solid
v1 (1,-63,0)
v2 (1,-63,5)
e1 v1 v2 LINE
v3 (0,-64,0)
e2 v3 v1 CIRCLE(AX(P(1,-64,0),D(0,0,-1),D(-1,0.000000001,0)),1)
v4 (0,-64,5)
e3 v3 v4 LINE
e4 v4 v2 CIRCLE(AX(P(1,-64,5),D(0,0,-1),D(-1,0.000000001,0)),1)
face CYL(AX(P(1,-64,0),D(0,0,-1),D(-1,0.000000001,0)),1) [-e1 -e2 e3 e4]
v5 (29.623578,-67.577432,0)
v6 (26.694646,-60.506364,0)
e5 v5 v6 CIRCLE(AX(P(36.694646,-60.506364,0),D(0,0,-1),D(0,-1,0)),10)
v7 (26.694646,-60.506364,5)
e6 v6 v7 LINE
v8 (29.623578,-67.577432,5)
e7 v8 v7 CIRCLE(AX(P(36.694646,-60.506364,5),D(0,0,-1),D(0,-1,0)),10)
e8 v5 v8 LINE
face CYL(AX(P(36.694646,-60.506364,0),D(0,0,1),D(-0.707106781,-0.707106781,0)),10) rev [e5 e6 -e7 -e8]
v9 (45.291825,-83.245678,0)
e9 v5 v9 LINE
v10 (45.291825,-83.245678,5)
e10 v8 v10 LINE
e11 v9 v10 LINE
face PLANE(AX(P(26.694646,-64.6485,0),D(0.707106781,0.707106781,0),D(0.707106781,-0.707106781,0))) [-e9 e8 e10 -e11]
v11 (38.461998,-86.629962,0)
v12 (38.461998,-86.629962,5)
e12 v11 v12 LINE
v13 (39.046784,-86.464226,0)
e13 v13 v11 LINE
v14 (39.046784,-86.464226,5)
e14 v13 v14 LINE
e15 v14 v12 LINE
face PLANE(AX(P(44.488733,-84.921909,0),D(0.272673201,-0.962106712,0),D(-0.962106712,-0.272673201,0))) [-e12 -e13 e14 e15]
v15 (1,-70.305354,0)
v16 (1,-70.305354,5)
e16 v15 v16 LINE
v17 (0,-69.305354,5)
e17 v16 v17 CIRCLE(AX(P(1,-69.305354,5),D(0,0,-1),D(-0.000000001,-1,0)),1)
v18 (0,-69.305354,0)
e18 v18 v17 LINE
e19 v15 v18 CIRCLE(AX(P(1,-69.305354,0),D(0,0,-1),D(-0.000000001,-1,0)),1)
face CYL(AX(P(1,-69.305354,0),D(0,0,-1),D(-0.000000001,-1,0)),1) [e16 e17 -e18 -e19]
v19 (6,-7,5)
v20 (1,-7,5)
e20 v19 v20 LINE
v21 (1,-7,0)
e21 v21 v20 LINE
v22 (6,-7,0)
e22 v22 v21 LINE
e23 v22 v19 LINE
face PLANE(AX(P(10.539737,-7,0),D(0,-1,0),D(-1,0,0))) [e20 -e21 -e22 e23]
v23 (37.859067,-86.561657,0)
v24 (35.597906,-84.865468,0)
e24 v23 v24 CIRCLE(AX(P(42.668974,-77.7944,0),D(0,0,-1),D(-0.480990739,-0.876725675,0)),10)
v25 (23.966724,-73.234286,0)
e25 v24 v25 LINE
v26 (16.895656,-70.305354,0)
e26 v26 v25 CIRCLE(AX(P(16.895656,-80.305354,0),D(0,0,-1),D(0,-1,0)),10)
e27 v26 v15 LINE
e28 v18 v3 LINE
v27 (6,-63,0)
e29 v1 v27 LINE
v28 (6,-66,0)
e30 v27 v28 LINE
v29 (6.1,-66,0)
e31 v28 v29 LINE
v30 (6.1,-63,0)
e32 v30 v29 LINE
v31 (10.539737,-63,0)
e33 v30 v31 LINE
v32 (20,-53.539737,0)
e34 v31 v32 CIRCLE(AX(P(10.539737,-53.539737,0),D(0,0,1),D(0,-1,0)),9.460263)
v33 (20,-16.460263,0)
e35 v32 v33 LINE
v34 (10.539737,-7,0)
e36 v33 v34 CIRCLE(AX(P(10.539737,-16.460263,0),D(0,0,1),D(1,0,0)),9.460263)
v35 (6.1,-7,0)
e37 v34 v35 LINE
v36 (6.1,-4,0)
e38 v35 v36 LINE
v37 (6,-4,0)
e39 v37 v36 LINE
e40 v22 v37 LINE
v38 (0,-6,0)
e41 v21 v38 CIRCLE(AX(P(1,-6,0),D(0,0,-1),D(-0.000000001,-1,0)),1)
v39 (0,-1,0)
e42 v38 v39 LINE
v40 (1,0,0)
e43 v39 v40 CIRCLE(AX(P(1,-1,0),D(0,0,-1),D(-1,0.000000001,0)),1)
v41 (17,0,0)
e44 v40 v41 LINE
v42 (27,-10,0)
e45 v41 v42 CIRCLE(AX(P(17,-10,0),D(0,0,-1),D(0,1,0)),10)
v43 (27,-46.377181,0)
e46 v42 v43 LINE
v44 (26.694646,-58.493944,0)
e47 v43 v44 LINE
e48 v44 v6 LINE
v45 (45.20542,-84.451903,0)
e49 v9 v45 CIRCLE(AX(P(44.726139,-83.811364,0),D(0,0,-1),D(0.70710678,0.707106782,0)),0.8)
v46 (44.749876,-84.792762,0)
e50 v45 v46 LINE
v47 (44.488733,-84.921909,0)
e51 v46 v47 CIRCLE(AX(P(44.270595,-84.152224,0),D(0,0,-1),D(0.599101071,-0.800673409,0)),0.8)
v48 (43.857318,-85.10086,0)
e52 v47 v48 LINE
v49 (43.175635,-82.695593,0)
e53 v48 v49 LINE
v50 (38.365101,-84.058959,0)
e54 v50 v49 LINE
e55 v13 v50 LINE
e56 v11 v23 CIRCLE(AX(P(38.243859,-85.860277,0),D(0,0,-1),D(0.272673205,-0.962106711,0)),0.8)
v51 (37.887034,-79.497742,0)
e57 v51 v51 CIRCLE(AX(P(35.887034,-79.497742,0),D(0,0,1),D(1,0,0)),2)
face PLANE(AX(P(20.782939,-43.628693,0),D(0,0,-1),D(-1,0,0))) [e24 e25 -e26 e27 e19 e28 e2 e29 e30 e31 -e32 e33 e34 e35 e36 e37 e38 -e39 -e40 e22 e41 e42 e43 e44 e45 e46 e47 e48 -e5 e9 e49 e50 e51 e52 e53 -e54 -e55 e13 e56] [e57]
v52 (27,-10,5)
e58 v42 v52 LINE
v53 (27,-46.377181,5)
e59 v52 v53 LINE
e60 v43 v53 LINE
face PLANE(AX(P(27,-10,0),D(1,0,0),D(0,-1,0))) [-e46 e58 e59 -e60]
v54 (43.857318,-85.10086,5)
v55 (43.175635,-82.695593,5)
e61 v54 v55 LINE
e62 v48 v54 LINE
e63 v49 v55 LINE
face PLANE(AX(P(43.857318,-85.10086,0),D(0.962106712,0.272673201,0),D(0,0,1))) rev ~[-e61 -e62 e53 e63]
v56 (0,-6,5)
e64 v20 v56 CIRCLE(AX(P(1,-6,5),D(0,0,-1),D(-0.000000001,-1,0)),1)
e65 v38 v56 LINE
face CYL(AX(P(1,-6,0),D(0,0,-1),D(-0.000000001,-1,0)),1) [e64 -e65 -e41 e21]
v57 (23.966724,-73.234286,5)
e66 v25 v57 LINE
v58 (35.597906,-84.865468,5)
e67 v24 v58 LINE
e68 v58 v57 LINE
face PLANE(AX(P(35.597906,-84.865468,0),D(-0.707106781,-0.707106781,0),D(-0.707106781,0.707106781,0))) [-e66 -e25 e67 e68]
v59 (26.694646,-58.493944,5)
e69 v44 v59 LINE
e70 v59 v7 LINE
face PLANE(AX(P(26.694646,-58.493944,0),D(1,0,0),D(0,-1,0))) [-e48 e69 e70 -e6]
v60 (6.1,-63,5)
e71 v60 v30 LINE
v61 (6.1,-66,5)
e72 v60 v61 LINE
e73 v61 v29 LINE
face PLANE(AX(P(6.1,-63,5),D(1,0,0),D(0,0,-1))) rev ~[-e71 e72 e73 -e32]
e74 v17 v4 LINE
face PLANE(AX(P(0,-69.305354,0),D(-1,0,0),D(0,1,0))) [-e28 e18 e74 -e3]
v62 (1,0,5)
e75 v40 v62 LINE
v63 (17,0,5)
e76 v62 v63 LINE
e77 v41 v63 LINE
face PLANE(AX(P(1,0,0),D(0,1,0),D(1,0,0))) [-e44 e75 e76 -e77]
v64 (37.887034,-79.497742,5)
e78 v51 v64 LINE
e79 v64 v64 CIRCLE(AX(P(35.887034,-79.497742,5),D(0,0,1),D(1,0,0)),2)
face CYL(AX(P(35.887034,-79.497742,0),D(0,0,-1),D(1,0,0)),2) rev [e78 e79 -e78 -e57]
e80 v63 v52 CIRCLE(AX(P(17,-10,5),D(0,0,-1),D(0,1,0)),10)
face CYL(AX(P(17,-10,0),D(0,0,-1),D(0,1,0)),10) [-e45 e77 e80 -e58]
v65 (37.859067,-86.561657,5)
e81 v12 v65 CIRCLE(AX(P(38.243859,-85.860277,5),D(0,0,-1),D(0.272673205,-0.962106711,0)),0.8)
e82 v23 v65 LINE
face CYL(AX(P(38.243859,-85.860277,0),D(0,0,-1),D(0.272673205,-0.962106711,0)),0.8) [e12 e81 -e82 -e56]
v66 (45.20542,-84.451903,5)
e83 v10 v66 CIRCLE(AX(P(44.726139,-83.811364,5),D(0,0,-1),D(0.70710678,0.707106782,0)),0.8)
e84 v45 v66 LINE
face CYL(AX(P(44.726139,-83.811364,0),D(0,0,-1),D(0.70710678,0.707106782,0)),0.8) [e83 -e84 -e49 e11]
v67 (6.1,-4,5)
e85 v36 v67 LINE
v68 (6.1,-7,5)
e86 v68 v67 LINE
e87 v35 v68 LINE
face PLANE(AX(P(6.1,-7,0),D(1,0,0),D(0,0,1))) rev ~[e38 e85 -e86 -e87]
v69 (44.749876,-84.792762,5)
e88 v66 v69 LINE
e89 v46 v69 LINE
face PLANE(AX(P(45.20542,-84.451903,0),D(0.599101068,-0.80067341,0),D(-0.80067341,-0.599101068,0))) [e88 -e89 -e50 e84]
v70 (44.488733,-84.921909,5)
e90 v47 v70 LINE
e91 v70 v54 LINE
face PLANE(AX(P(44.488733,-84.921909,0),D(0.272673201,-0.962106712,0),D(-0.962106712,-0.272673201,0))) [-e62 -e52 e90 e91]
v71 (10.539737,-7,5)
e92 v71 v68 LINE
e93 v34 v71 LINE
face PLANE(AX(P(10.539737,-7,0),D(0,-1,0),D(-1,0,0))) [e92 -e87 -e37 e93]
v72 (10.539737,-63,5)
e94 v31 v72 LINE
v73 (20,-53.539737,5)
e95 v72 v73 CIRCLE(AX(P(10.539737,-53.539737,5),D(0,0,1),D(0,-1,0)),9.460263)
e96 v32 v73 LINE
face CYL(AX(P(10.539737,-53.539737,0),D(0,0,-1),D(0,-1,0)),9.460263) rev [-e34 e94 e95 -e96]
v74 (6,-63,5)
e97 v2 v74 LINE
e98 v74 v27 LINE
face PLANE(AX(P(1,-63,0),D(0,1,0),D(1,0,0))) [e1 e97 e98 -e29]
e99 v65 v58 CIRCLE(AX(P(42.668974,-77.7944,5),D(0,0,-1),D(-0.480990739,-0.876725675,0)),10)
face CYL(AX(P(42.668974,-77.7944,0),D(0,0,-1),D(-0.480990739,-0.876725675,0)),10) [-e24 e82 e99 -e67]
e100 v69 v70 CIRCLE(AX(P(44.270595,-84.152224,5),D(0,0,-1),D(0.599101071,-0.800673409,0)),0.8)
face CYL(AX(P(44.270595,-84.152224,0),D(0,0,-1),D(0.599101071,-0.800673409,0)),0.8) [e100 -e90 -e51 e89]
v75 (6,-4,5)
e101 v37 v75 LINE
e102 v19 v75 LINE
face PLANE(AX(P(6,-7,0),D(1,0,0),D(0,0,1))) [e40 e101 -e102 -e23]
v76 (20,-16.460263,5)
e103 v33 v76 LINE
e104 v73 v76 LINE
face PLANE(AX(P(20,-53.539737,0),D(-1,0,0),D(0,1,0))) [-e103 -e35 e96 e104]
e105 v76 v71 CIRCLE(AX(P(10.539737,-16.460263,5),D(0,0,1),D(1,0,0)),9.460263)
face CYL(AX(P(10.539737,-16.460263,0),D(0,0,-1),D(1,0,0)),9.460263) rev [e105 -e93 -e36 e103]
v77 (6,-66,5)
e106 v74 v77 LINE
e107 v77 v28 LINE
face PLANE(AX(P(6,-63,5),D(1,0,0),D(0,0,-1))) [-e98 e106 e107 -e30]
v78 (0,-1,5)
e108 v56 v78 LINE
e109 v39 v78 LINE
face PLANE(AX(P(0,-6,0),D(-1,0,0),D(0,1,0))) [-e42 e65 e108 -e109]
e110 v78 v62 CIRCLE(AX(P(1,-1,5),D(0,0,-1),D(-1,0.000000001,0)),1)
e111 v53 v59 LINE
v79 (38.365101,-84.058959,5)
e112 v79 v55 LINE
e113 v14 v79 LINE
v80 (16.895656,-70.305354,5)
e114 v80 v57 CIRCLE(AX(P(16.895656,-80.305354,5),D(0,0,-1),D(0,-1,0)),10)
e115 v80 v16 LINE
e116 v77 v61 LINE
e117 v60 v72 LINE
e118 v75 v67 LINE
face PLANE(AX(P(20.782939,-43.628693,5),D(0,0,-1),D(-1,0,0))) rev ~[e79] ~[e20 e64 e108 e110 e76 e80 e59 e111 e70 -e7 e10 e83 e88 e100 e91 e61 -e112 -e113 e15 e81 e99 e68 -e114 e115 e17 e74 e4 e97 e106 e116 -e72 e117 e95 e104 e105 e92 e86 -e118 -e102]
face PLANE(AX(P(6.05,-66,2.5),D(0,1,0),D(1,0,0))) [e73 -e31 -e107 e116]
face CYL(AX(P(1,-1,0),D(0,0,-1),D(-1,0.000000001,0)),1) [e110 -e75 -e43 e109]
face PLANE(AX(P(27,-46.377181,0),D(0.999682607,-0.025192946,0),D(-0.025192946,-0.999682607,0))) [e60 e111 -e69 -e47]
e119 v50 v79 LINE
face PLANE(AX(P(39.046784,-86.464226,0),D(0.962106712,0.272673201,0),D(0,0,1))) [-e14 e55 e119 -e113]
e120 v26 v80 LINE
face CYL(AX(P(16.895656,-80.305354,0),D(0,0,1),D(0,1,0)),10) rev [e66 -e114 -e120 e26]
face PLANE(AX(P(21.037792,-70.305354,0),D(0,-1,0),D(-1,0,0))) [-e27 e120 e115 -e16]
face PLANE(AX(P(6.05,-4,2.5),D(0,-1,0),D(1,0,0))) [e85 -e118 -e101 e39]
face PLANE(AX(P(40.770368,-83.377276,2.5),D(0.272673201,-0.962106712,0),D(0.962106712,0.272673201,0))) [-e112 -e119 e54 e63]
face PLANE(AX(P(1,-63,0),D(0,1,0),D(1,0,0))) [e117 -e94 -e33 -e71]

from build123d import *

# Parameters (mm, degrees)
SKETCH1_R           = 2
BOSS_EXTRUDE1_DEPTH = 5
SKETCH2_W           = 0.1
SKETCH2_H           = 5
CUT_EXTRUDE1_DEPTH  = 3
SKETCH3_W           = 0.1
SKETCH3_H           = 5
CUT_EXTRUDE2_DEPTH  = 3
SKETCH4_W           = 5
SKETCH4_H           = 5
CUT_EXTRUDE3_DEPTH  = 2.5
FILLET1_R           = 10


with BuildPart() as part:
    # Sketch1 → Boss-Extrude1 (new body)
    with BuildSketch(Plane.XY):
        with BuildLine():
            Line((1, 0), (17, 0))
            ThreePointArc((17, 0), (24.071067812, -2.928932188), (27, -10))
            Line((27, -10), (27, -10.164726931))
            Line((27, -10.164726931), (27, -46.377180563))
            Line((27, -46.377180563), (26.694646109, -58.493944172))
            Line((26.694646109, -58.493944172), (26.694646109, -64.399649032))
            Line((26.694646109, -64.399649032), (26.694646109, -64.648499642))
            Line((26.694646109, -64.648499642), (45.291824906, -83.245678439))
            ThreePointArc((45.291824906, -83.245678439), (45.524094874, -83.868523218), (45.205420336, -84.451902592))
            Line((45.205420336, -84.451902592), (44.749875598, -84.792762343))
            ThreePointArc((44.749875598, -84.792762343), (44.625232832, -84.869323208), (44.488733304, -84.921908985))
            Line((44.488733304, -84.921908985), (38.461997774, -86.629961997))
            ThreePointArc((38.461997774, -86.629961997), (38.153804902, -86.655191857), (37.859066622, -86.561657168))
            ThreePointArc((37.859066622, -86.561657168), (36.668252624, -85.793859327), (35.597906198, -84.865468229))
            Line((35.597906198, -84.865468229), (21.037791859, -70.305353891))
            Line((21.037791859, -70.305353891), (16.801941123, -70.305353891))
            Line((16.801941123, -70.305353891), (1, -70.305353891))
            ThreePointArc((1, -70.305353891), (0.292893219, -70.012460672), (0, -69.305353891))
            Line((0, -69.305353891), (0, -64))
            ThreePointArc((0, -64), (0.292893219, -63.292893219), (1, -63))
            Line((1, -63), (10.539737479, -63))
            ThreePointArc((10.539737479, -63), (17.229153259, -60.229153259), (20, -53.539737479))
            Line((20, -53.539737479), (20, -16.460262521))
            ThreePointArc((20, -16.460262521), (17.229153259, -9.770846741), (10.539737479, -7))
            Line((10.539737479, -7), (1, -7))
            ThreePointArc((1, -7), (0.292893219, -6.707106781), (0, -6))
            Line((0, -6), (0, -1))
            ThreePointArc((0, -1), (0.292893219, -0.292893219), (1, 0))
        make_face()
        with Locations((35.887034264, -79.497742046)):
            Circle(SKETCH1_R, mode=Mode.SUBTRACT)
    extrude(amount=BOSS_EXTRUDE1_DEPTH)

    # Sketch2 → Cut-Extrude1 (cut)
    with BuildSketch(Plane(origin=(0, -63, 0), x_dir=(1, 0, 0), z_dir=(0, 1, 0))):
        with Locations((6.05, -2.5)):
            Rectangle(SKETCH2_W, SKETCH2_H)
    extrude(amount=-CUT_EXTRUDE1_DEPTH, mode=Mode.SUBTRACT)

    # Sketch3 → Cut-Extrude2 (cut)
    with BuildSketch(Plane.XZ.offset(7)):
        with Locations((6.05, 2.5)):
            Rectangle(SKETCH3_W, SKETCH3_H)
    extrude(amount=-CUT_EXTRUDE2_DEPTH, mode=Mode.SUBTRACT)

    # Sketch4 → Cut-Extrude3 (cut)
    with BuildSketch(Plane(origin=(25.586241806, -90.279113957, 0), x_dir=(0.962106712, 0.272673201, 0), z_dir=(0.272673201, -0.962106712, 0))):
        with Locations((16.490695772, 2.5)):
            Rectangle(SKETCH4_W, SKETCH4_H)
    extrude(amount=-CUT_EXTRUDE3_DEPTH, mode=Mode.SUBTRACT)

    # Fillet1
    fillet1_edges = [part.edges().sort_by_distance(p)[0] for p in [
        (26.694646109, -64.648499642, 2.5),
        (21.037791859, -70.305353891, 2.5),
    ]]
    fillet(fillet1_edges, radius=FILLET1_R)


solid = part.part
